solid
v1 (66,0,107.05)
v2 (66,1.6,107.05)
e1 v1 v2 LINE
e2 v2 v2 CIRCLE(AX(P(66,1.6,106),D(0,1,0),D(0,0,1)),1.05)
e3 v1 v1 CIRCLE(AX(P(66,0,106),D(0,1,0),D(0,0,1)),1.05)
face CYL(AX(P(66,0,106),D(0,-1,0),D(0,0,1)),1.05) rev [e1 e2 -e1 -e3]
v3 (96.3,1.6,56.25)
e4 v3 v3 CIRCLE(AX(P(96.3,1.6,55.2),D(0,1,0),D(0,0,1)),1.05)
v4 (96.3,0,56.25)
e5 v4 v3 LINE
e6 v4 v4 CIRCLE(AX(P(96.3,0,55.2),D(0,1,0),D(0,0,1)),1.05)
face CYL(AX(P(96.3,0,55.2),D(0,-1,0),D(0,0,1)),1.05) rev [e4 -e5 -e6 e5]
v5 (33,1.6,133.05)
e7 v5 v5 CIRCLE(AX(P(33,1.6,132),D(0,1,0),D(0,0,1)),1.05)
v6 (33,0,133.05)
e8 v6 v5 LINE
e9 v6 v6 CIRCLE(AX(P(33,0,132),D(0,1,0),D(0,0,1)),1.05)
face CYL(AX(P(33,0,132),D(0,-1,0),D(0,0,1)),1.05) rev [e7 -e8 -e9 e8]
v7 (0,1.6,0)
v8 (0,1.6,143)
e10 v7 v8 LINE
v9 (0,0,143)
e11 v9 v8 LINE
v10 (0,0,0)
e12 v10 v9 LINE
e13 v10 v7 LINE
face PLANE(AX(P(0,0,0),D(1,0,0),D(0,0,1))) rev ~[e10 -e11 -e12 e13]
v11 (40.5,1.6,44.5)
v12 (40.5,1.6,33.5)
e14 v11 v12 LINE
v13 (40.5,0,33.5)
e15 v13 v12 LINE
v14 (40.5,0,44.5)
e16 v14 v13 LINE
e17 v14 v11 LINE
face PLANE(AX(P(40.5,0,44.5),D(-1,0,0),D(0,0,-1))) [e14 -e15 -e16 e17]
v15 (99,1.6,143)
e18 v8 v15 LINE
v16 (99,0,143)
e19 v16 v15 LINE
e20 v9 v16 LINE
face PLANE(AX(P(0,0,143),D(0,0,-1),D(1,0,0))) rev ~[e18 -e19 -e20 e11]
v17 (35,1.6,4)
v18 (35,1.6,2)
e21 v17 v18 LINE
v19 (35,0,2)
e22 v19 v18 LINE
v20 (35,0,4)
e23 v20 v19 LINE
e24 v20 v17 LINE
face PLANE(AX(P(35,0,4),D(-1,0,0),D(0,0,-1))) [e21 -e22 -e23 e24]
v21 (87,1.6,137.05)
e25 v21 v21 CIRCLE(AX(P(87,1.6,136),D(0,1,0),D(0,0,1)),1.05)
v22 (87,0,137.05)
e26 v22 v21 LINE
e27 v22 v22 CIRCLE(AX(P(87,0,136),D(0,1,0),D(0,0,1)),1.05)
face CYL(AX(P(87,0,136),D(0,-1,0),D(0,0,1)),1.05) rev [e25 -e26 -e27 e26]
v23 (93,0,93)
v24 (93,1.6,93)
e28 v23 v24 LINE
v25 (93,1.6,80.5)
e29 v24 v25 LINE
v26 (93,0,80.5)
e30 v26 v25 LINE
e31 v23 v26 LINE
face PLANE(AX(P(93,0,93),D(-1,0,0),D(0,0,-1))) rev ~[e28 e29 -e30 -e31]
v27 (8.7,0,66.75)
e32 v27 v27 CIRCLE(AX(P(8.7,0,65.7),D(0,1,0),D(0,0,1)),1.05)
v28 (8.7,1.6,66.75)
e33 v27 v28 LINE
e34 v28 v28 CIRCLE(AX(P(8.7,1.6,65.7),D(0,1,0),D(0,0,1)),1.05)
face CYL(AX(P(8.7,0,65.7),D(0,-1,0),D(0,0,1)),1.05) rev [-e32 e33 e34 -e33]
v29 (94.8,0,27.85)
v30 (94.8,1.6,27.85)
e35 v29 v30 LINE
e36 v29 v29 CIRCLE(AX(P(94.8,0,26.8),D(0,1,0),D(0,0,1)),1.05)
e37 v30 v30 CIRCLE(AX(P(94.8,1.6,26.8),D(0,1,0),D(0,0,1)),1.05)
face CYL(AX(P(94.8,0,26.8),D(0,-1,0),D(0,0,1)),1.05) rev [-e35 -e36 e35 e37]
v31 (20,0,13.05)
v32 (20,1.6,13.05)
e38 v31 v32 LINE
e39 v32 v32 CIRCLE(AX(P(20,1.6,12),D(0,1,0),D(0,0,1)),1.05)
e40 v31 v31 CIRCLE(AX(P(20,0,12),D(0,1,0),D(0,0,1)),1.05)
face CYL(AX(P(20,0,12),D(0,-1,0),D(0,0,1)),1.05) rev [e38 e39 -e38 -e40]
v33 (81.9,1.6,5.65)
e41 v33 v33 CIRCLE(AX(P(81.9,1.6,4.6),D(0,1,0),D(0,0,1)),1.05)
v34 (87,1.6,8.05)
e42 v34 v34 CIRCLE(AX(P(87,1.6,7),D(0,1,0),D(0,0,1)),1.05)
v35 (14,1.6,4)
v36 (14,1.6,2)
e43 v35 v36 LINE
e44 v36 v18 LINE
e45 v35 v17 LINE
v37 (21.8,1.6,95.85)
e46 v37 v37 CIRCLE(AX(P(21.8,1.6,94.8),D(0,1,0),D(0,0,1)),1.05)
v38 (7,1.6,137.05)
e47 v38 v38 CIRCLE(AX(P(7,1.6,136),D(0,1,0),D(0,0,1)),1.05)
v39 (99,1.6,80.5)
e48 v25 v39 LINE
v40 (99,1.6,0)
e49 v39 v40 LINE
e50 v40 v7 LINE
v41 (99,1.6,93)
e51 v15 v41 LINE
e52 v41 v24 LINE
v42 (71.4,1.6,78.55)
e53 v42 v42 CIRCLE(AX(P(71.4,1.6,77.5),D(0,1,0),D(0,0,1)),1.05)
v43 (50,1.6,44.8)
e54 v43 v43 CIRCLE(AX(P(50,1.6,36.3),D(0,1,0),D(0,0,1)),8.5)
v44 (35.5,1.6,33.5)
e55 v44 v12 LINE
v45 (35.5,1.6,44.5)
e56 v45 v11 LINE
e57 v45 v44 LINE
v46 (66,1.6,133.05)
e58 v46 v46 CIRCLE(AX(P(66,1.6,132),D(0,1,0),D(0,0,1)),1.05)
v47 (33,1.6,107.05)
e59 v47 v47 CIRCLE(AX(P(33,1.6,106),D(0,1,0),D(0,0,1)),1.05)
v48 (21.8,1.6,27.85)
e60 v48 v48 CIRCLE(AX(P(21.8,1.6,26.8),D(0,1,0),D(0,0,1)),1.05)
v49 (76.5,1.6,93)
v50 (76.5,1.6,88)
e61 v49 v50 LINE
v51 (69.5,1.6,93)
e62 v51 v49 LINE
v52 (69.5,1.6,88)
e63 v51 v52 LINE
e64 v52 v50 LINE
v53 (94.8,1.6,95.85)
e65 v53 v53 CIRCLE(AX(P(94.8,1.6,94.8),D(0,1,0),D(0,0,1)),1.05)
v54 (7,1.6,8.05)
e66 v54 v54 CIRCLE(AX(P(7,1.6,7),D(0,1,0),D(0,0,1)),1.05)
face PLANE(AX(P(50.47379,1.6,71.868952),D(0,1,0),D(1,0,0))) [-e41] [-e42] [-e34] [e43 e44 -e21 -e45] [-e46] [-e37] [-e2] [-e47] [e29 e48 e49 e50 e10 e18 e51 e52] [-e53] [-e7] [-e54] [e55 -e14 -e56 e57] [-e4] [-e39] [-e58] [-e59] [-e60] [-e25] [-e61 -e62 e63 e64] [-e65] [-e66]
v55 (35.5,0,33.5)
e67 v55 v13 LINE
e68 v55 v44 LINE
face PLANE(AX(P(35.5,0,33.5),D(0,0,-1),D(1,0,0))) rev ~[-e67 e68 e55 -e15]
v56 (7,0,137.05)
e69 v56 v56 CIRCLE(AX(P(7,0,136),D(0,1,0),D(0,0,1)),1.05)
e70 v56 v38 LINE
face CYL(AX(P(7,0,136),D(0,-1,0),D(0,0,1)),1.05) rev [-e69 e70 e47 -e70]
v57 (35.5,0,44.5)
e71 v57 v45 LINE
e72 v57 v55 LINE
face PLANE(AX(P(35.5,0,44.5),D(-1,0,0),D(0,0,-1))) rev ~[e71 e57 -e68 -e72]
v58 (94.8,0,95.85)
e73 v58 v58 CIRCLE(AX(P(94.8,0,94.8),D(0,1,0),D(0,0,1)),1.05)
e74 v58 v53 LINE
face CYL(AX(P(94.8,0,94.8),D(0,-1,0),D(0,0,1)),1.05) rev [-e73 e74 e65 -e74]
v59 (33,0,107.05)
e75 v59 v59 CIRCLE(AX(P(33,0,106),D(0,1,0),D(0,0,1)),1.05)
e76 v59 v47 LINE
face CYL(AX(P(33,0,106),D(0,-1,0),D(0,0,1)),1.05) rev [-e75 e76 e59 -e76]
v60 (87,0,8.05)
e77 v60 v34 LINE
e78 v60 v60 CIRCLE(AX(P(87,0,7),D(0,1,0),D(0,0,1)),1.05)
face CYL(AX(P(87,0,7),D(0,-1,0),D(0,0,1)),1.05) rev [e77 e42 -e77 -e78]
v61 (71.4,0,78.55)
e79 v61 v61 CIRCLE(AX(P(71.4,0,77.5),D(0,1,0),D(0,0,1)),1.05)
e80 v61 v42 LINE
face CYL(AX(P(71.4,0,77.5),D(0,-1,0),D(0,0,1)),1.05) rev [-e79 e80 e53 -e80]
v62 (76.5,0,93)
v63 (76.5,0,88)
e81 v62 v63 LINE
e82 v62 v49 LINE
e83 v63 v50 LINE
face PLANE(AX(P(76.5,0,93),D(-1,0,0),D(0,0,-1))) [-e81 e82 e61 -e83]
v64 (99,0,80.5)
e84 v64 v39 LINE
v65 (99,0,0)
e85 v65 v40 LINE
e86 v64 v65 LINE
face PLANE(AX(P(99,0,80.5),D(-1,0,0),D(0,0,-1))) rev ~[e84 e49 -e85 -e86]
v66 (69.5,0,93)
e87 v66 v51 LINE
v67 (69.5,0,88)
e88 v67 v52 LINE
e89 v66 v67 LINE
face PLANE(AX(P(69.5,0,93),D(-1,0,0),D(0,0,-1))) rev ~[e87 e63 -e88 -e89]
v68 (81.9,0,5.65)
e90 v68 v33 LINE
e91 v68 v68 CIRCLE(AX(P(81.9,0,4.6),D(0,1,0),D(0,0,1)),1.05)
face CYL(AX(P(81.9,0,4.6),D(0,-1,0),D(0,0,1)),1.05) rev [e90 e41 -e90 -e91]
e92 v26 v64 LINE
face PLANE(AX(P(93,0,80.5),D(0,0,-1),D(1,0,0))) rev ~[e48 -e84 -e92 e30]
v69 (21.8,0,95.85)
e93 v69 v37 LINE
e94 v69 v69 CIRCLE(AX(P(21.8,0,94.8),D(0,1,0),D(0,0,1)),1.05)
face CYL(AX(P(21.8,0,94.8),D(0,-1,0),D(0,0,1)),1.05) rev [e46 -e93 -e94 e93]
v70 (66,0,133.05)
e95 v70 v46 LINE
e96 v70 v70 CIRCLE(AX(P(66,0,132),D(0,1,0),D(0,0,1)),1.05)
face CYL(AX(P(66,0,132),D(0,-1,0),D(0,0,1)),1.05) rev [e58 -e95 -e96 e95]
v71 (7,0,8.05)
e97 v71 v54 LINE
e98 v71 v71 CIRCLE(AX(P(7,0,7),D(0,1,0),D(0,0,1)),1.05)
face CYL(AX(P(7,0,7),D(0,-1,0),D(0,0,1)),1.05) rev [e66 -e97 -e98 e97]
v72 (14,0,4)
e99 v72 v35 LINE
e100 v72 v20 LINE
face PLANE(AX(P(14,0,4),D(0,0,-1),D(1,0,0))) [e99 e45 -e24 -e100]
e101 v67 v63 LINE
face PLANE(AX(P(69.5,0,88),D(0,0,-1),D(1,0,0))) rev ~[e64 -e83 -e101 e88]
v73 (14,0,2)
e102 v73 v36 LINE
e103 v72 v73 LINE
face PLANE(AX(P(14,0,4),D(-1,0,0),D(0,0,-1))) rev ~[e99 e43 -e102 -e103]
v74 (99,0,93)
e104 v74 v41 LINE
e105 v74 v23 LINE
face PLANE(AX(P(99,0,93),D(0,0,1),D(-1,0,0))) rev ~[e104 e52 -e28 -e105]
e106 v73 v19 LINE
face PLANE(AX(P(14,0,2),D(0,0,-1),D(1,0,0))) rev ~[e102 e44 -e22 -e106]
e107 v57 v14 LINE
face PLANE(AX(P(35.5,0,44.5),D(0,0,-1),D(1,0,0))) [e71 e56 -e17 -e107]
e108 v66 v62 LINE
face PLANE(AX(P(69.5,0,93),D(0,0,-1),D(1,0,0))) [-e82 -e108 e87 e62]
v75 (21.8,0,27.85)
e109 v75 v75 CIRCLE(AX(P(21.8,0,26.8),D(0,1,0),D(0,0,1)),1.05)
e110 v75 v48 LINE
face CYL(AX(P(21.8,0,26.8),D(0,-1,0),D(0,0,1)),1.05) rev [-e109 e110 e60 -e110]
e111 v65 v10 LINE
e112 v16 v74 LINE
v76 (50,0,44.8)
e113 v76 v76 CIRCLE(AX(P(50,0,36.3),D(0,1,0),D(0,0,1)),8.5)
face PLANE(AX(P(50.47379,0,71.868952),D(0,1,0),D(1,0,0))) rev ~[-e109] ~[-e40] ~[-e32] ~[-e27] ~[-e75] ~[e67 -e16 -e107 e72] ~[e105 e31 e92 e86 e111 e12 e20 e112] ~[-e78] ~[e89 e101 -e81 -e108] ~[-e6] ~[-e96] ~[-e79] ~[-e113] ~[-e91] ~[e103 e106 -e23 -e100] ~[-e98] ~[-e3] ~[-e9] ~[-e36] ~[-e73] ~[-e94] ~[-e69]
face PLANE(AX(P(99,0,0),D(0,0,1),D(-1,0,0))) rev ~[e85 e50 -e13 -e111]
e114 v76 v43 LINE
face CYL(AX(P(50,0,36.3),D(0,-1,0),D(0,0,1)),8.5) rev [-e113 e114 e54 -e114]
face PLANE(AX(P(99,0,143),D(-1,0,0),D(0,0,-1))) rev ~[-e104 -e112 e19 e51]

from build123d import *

# Parameters (mm, degrees)
SKETCH_1_R      = 1.05
SKETCH_1_W      = 7
SKETCH_1_H      = 5
SKETCH_1_W_2    = 5
SKETCH_1_H_2    = 11
SKETCH_1_W_3    = 21
SKETCH_1_H_3    = 2
SKETCH_1_R_2    = 8.5
EXTRUDE_1_DEPTH = 1.6


with BuildPart() as part:
    # 草图1 → 凸台-拉伸1 (new body)
    with BuildSketch(Plane(origin=(0, 0, 0), x_dir=(1, 0, 0), z_dir=(0, 1, 0))):
        Polygon((99, 0), (0, 0), (0, -143), (99, -143), (99, -93), (93, -93), (93, -80.5), (99, -80.5), align=None)
        with Locations(Location((21.8, -94.8, 0), (0, 0, 270))):
            Circle(SKETCH_1_R, mode=Mode.SUBTRACT)
        with Locations((73, -90.5)):
            Rectangle(SKETCH_1_W, SKETCH_1_H, mode=Mode.SUBTRACT)
        with Locations(Location((71.4, -77.5, 0), (0, 0, 270))):
            Circle(SKETCH_1_R, mode=Mode.SUBTRACT)
        with Locations(Location((94.8, -94.8, 0), (0, 0, 270))):
            Circle(SKETCH_1_R, mode=Mode.SUBTRACT)
        with Locations(Location((8.7, -65.7, 0), (0, 0, 270))):
            Circle(SKETCH_1_R, mode=Mode.SUBTRACT)
        with Locations((38, -39)):
            Rectangle(SKETCH_1_W_2, SKETCH_1_H_2, mode=Mode.SUBTRACT)
        with Locations(Location((21.8, -26.8, 0), (0, 0, 270))):
            Circle(SKETCH_1_R, mode=Mode.SUBTRACT)
        with Locations(Location((7, -7, 0), (0, 0, 270))):
            Circle(SKETCH_1_R, mode=Mode.SUBTRACT)
        with Locations(Location((20, -12, 0), (0, 0, 270))):
            Circle(SKETCH_1_R, mode=Mode.SUBTRACT)
        with Locations((24.5, -3)):
            Rectangle(SKETCH_1_W_3, SKETCH_1_H_3, mode=Mode.SUBTRACT)
        with Locations(Location((50, -36.3, 0), (0, 0, 270))):
            Circle(SKETCH_1_R_2, mode=Mode.SUBTRACT)
        with Locations(Location((96.3, -55.2, 0), (0, 0, 270))):
            Circle(SKETCH_1_R, mode=Mode.SUBTRACT)
        with Locations(Location((94.8, -26.8, 0), (0, 0, 270))):
            Circle(SKETCH_1_R, mode=Mode.SUBTRACT)
        with Locations(Location((81.9, -4.6, 0), (0, 0, 270))):
            Circle(SKETCH_1_R, mode=Mode.SUBTRACT)
        with Locations(Location((87, -7, 0), (0, 0, 270))):
            Circle(SKETCH_1_R, mode=Mode.SUBTRACT)
        with Locations(Location((66, -106, 0), (0, 0, 270))):
            Circle(SKETCH_1_R, mode=Mode.SUBTRACT)
        with Locations(Location((7, -136, 0), (0, 0, 270))):
            Circle(SKETCH_1_R, mode=Mode.SUBTRACT)
        with Locations(Location((33, -132, 0), (0, 0, 270))):
            Circle(SKETCH_1_R, mode=Mode.SUBTRACT)
        with Locations(Location((33, -106, 0), (0, 0, 270))):
            Circle(SKETCH_1_R, mode=Mode.SUBTRACT)
        with Locations(Location((66, -132, 0), (0, 0, 270))):
            Circle(SKETCH_1_R, mode=Mode.SUBTRACT)
        with Locations(Location((87, -136, 0), (0, 0, 270))):
            Circle(SKETCH_1_R, mode=Mode.SUBTRACT)
    extrude(amount=EXTRUDE_1_DEPTH)


solid = part.part
